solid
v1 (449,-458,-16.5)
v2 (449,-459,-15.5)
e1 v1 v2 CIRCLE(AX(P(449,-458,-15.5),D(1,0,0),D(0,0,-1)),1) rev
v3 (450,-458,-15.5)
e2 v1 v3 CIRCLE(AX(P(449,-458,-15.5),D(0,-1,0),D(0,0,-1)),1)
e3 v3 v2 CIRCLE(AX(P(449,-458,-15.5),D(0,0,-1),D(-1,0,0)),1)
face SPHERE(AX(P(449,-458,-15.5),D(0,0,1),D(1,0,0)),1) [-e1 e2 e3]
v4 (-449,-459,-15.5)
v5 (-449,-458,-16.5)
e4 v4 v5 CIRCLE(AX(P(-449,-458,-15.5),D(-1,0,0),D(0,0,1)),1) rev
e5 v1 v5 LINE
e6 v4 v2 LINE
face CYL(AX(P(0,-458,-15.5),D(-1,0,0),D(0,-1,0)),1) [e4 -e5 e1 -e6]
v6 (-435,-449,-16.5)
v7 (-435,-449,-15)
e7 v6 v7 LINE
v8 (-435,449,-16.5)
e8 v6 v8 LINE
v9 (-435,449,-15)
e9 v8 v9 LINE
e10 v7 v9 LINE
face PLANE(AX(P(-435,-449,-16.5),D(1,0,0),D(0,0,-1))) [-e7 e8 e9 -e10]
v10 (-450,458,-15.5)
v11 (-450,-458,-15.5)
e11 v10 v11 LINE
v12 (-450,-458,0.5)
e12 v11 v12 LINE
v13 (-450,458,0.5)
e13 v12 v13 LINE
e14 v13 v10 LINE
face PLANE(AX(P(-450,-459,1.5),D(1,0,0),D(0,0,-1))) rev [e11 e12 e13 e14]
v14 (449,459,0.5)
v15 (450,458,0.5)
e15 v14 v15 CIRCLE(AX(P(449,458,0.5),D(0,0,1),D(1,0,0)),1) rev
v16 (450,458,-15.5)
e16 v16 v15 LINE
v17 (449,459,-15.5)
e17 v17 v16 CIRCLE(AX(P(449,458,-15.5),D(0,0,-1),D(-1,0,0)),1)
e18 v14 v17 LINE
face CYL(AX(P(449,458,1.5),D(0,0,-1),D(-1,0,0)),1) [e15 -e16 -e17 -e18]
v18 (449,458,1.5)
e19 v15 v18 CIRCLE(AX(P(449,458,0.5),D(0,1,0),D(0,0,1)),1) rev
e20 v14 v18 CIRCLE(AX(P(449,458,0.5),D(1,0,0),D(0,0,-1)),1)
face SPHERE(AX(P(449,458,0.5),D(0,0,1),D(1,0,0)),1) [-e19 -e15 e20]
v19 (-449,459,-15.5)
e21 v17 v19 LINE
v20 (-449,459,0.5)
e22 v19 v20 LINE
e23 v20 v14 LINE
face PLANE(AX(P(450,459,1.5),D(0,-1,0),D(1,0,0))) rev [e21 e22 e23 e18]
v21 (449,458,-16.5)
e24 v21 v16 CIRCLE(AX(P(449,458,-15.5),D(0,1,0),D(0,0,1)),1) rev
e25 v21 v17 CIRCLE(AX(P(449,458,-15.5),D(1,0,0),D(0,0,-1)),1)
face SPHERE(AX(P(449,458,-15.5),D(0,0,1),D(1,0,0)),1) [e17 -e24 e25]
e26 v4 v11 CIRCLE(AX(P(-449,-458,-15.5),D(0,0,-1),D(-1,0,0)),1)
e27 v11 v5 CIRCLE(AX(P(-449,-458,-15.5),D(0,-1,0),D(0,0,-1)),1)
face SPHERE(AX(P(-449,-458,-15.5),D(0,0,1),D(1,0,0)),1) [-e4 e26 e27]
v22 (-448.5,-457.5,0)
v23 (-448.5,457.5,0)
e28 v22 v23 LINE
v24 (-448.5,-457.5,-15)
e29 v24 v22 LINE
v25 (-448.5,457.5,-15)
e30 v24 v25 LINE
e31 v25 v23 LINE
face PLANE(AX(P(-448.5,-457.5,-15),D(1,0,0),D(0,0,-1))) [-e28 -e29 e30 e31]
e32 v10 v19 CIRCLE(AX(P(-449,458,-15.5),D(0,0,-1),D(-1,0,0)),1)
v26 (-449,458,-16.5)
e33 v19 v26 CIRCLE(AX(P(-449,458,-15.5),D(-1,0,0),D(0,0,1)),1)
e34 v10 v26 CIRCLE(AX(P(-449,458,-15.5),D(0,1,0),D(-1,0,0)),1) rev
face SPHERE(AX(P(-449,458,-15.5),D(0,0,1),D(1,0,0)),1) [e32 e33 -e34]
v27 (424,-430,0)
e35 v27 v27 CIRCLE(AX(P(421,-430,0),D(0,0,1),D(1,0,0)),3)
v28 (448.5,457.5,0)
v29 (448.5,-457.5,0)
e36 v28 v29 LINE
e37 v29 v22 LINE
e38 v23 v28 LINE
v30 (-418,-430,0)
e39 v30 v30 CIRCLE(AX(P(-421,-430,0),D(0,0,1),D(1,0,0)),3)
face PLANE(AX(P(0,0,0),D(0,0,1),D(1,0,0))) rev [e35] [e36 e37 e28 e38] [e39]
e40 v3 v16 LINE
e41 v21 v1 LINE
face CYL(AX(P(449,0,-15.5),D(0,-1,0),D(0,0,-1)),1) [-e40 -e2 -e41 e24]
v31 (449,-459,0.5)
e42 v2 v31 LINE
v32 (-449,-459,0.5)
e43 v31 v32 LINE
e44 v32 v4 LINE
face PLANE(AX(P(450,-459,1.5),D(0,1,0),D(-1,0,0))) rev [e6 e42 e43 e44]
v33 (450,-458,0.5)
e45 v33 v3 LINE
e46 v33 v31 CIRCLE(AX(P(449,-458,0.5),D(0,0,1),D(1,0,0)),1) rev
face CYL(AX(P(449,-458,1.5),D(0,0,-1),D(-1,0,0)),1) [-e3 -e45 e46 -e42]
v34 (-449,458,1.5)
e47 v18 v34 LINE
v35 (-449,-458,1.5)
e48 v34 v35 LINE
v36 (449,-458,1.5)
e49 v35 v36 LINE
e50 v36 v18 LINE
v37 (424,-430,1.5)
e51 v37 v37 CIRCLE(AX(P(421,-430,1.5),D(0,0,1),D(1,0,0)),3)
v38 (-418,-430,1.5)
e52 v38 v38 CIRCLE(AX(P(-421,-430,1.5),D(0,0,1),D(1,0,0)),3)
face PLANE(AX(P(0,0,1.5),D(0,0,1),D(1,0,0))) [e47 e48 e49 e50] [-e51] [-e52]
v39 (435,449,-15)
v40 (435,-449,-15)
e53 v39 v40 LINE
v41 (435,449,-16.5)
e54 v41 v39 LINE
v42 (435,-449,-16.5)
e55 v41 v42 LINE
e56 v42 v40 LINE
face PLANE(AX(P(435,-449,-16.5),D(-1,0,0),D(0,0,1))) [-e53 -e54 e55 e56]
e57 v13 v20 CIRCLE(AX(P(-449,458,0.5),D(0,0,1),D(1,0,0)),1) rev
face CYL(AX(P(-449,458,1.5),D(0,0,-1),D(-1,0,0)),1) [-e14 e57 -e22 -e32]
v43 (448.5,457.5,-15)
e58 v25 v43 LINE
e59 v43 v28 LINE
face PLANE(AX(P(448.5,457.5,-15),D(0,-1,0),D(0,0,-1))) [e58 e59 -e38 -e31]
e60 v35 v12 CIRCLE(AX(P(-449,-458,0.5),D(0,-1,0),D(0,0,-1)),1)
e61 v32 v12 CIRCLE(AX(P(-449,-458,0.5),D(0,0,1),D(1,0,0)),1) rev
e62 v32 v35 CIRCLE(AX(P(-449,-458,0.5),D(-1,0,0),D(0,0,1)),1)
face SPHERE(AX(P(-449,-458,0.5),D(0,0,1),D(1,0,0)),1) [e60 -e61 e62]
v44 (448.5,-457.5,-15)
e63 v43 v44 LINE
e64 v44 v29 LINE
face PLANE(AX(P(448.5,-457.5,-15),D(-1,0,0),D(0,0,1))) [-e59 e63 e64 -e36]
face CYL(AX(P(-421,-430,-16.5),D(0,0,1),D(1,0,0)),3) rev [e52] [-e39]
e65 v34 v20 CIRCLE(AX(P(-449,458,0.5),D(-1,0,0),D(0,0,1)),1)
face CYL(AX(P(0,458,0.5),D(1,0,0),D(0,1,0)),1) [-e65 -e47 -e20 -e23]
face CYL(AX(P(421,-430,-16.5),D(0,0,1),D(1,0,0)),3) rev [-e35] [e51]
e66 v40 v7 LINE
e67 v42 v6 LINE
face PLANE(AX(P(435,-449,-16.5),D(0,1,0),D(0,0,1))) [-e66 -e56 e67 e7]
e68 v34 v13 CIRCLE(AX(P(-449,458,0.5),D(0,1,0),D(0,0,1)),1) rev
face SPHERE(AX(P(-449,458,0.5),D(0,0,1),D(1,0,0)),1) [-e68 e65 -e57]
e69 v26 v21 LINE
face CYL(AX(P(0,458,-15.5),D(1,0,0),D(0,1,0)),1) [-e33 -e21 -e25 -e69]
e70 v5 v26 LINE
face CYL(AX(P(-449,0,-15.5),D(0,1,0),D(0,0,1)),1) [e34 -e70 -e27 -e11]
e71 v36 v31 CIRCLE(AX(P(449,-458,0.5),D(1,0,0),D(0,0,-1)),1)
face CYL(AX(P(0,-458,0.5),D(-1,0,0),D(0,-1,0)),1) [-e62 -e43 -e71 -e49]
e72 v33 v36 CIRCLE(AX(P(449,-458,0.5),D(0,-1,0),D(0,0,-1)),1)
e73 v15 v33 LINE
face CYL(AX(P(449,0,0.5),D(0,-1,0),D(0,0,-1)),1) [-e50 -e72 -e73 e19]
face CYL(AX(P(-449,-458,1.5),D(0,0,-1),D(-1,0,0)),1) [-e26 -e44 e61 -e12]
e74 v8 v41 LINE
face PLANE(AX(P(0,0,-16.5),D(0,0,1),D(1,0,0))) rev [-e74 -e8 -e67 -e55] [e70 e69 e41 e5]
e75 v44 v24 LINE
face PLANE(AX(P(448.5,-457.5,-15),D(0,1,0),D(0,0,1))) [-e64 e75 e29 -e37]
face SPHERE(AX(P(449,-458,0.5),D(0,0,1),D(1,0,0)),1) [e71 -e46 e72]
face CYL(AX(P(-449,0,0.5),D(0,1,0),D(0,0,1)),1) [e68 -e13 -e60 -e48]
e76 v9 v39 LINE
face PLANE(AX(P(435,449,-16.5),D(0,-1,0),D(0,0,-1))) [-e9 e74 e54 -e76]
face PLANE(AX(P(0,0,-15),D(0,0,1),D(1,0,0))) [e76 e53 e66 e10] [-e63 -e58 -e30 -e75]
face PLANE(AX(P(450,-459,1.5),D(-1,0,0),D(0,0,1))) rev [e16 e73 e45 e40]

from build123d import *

# Parameters (mm, degrees)
SKETCH_1_W          = 900
SKETCH_1_H          = 918
EXTRUDE_1_DEPTH     = 1.5
SKETCH_2_W          = 900
SKETCH_2_H          = 918
SKETCH_2_W_2        = 897
SKETCH_2_H_2        = 915
EXTRUDE_2_DEPTH     = 15
SKETCH_3_W          = 900
SKETCH_3_H          = 918
SKETCH_3_W_2        = 870
SKETCH_3_H_2        = 898
EXTRUDE_3_DEPTH     = 1.5
SKETCH_6_R          = 3
CUT_EXTRUDE_1_DEPTH = 19
FILLET_1_R          = 1


with BuildPart() as part:
    # 草图1 → 凸台-拉伸1 (new body)
    with BuildSketch(Plane.XY):
        Rectangle(SKETCH_1_W, SKETCH_1_H)
    extrude(amount=EXTRUDE_1_DEPTH)

    # 草图2 → 凸台-拉伸2 (add)
    with BuildSketch(Plane(origin=(0, 0, 0), x_dir=(-1, 0, 0), z_dir=(0, 0, -1))):
        Rectangle(SKETCH_2_W, SKETCH_2_H)
        Rectangle(SKETCH_2_W_2, SKETCH_2_H_2, mode=Mode.SUBTRACT)
    extrude(amount=EXTRUDE_2_DEPTH)

    # 草图3 → 凸台-拉伸3 (add)
    with BuildSketch(Plane(origin=(0, 0, -15), x_dir=(-1, 0, 0), z_dir=(0, 0, -1))):
        Rectangle(SKETCH_3_W, SKETCH_3_H)
        Rectangle(SKETCH_3_W_2, SKETCH_3_H_2, mode=Mode.SUBTRACT)
    extrude(amount=EXTRUDE_3_DEPTH)

    # 草图6 → 切除-拉伸1 (cut, through all)
    with BuildSketch(Plane.XY.offset(1.5)):
        with Locations((-421, -430)):
            Circle(SKETCH_6_R)
        with Locations((421, -430)):
            Circle(SKETCH_6_R)
    extrude(amount=-CUT_EXTRUDE_1_DEPTH, mode=Mode.SUBTRACT)

    # 圆角1
    fillet_1_edges = [part.edges().sort_by_distance(p)[0] for p in [
        (450, 0, 1.5),
        (0, 459, 1.5),
        (-450, 0, -16.5),
        (0, 459, -16.5),
        (450, 0, -16.5),
        (0, -459, -16.5),
        (-450, 0, 1.5),
        (0, -459, 1.5),
        (-450, 459, -7.5),
        (450, 459, -7.5),
        (450, -459, -7.5),
        (-450, -459, -7.5),
    ]]
    fillet(fillet_1_edges, radius=FILLET_1_R)


solid = part.part
